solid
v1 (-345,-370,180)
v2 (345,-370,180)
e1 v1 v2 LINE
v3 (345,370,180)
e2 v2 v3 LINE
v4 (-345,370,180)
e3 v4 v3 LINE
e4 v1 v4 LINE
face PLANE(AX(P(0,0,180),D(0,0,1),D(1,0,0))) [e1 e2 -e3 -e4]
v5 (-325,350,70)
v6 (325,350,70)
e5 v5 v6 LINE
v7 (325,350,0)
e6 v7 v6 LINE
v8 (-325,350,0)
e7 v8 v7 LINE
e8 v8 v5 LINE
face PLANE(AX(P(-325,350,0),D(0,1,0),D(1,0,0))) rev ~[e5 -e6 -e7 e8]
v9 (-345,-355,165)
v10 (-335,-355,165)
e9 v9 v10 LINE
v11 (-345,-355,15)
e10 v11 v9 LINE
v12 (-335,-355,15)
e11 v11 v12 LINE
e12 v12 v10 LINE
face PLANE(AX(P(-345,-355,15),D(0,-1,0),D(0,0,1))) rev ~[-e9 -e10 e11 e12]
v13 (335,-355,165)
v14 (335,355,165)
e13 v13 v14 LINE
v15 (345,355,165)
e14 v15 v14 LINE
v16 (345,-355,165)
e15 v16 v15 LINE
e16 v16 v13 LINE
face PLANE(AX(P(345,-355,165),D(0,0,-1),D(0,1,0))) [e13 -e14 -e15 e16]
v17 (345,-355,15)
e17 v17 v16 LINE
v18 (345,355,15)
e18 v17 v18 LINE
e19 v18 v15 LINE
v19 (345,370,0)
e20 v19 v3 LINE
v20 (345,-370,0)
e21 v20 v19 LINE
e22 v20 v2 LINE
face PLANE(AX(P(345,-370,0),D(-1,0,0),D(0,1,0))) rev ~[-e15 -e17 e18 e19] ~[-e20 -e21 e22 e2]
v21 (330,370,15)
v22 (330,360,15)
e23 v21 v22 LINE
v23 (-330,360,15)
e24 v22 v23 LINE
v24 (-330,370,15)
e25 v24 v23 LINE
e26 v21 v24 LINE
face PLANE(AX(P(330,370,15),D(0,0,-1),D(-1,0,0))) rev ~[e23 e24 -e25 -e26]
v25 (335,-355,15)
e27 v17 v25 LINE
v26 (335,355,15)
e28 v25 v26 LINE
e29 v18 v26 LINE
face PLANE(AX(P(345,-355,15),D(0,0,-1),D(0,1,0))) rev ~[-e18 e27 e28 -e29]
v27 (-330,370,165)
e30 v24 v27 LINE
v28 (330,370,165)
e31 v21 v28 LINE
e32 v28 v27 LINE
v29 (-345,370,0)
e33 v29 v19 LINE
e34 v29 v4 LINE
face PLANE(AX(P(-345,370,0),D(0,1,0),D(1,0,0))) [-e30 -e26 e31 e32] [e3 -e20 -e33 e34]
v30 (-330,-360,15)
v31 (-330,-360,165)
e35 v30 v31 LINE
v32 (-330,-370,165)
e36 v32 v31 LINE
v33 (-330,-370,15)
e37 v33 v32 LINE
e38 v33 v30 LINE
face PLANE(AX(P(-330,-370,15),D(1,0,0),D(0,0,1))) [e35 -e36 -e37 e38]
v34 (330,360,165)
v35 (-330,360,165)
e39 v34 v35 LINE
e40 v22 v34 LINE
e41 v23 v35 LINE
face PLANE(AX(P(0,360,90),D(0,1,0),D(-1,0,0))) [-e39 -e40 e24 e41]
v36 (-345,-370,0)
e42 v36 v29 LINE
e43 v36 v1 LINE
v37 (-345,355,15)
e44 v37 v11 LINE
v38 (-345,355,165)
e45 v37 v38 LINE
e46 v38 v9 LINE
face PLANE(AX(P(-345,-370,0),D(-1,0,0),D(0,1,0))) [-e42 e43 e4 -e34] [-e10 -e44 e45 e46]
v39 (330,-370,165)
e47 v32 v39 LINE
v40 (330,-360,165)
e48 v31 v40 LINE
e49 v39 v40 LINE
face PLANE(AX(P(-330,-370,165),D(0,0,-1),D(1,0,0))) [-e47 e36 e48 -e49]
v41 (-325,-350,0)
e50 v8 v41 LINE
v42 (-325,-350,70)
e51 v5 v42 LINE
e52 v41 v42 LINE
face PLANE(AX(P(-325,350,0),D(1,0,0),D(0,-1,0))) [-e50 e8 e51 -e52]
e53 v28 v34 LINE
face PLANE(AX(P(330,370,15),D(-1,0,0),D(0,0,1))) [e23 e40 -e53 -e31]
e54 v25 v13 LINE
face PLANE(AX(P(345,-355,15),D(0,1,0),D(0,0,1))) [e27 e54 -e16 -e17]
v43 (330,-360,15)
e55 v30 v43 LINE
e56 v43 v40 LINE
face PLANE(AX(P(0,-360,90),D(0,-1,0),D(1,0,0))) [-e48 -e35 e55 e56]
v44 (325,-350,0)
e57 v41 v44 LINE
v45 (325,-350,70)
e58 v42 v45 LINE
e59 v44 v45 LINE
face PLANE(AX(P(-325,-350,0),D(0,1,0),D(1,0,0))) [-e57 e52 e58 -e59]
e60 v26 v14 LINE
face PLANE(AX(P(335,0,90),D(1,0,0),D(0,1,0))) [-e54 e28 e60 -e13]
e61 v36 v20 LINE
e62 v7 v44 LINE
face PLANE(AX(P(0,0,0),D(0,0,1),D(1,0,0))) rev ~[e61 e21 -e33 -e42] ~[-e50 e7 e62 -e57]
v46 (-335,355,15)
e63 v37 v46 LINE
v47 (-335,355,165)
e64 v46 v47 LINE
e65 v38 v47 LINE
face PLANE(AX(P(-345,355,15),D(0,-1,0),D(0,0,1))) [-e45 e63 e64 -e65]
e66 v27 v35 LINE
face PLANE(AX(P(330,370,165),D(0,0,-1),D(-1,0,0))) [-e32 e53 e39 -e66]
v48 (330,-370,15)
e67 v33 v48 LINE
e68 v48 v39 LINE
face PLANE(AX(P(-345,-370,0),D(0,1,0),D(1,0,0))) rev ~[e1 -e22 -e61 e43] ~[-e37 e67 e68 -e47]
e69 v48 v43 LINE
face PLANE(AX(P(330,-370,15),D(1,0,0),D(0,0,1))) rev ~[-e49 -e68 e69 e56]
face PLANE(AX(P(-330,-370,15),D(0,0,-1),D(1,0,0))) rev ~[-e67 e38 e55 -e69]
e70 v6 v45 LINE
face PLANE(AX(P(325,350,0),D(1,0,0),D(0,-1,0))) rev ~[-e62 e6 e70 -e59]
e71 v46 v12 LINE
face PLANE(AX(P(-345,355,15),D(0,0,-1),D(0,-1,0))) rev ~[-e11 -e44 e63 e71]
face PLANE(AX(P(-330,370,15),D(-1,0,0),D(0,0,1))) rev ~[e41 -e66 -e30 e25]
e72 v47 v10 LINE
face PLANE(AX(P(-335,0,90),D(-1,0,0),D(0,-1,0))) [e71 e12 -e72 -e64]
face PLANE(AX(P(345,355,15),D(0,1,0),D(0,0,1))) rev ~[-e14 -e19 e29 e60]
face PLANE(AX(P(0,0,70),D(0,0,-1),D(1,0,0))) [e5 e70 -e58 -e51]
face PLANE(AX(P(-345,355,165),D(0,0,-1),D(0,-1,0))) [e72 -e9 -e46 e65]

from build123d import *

# Parameters (mm, degrees)
F0_W      = 690
F0_H      = 740
F1_DEPTH  = 180
F2_W      = 650
F2_H      = 700
F3_DEPTH  = 70
F5_W      = 710
F5_H      = 150
F8_DEPTH  = 10
F7_W      = 660
F7_H      = 150
F9_DEPTH  = 10
F6_W      = 710
F6_H      = 150
F10_DEPTH = 10
F4_W      = 660
F4_H      = 150
F11_DEPTH = 10


with BuildPart() as f1:
    # F0 (on Top) → F1 (new body)
    with BuildSketch(Plane.XY):
        Rectangle(F0_W, F0_H)
    extrude(amount=F1_DEPTH)

    # F2 (on face) → F3 (cut)
    with BuildSketch(Plane(origin=(0, 0, 0), x_dir=(1, 0, 0), z_dir=(0, 0, -1))):
        Rectangle(F2_W, F2_H)
    extrude(amount=-F3_DEPTH, mode=Mode.SUBTRACT)

    # F5 (on face) → F8 (cut)
    with BuildSketch(Plane.YZ.offset(345)):
        with Locations((0, 90)):
            Rectangle(F5_W, F5_H)
    extrude(amount=-F8_DEPTH, mode=Mode.SUBTRACT)

    # F7 (on face) → F9 (cut)
    with BuildSketch(Plane(origin=(0, 370, 0), x_dir=(-1, 0, 0), z_dir=(0, 1, 0))):
        with Locations((0, 90)):
            Rectangle(F7_W, F7_H)
    extrude(amount=-F9_DEPTH, mode=Mode.SUBTRACT)

    # F6 (on face) → F10 (cut)
    with BuildSketch(Plane(origin=(-345, 0, 0), x_dir=(0, -1, 0), z_dir=(-1, 0, 0))):
        with Locations((0, 90)):
            Rectangle(F6_W, F6_H)
    extrude(amount=-F10_DEPTH, mode=Mode.SUBTRACT)

    # F4 (on face) → F11 (cut)
    with BuildSketch(Plane.XZ.offset(370)):
        with Locations((0, 90)):
            Rectangle(F4_W, F4_H)
    extrude(amount=-F11_DEPTH, mode=Mode.SUBTRACT)


solid = f1.part
